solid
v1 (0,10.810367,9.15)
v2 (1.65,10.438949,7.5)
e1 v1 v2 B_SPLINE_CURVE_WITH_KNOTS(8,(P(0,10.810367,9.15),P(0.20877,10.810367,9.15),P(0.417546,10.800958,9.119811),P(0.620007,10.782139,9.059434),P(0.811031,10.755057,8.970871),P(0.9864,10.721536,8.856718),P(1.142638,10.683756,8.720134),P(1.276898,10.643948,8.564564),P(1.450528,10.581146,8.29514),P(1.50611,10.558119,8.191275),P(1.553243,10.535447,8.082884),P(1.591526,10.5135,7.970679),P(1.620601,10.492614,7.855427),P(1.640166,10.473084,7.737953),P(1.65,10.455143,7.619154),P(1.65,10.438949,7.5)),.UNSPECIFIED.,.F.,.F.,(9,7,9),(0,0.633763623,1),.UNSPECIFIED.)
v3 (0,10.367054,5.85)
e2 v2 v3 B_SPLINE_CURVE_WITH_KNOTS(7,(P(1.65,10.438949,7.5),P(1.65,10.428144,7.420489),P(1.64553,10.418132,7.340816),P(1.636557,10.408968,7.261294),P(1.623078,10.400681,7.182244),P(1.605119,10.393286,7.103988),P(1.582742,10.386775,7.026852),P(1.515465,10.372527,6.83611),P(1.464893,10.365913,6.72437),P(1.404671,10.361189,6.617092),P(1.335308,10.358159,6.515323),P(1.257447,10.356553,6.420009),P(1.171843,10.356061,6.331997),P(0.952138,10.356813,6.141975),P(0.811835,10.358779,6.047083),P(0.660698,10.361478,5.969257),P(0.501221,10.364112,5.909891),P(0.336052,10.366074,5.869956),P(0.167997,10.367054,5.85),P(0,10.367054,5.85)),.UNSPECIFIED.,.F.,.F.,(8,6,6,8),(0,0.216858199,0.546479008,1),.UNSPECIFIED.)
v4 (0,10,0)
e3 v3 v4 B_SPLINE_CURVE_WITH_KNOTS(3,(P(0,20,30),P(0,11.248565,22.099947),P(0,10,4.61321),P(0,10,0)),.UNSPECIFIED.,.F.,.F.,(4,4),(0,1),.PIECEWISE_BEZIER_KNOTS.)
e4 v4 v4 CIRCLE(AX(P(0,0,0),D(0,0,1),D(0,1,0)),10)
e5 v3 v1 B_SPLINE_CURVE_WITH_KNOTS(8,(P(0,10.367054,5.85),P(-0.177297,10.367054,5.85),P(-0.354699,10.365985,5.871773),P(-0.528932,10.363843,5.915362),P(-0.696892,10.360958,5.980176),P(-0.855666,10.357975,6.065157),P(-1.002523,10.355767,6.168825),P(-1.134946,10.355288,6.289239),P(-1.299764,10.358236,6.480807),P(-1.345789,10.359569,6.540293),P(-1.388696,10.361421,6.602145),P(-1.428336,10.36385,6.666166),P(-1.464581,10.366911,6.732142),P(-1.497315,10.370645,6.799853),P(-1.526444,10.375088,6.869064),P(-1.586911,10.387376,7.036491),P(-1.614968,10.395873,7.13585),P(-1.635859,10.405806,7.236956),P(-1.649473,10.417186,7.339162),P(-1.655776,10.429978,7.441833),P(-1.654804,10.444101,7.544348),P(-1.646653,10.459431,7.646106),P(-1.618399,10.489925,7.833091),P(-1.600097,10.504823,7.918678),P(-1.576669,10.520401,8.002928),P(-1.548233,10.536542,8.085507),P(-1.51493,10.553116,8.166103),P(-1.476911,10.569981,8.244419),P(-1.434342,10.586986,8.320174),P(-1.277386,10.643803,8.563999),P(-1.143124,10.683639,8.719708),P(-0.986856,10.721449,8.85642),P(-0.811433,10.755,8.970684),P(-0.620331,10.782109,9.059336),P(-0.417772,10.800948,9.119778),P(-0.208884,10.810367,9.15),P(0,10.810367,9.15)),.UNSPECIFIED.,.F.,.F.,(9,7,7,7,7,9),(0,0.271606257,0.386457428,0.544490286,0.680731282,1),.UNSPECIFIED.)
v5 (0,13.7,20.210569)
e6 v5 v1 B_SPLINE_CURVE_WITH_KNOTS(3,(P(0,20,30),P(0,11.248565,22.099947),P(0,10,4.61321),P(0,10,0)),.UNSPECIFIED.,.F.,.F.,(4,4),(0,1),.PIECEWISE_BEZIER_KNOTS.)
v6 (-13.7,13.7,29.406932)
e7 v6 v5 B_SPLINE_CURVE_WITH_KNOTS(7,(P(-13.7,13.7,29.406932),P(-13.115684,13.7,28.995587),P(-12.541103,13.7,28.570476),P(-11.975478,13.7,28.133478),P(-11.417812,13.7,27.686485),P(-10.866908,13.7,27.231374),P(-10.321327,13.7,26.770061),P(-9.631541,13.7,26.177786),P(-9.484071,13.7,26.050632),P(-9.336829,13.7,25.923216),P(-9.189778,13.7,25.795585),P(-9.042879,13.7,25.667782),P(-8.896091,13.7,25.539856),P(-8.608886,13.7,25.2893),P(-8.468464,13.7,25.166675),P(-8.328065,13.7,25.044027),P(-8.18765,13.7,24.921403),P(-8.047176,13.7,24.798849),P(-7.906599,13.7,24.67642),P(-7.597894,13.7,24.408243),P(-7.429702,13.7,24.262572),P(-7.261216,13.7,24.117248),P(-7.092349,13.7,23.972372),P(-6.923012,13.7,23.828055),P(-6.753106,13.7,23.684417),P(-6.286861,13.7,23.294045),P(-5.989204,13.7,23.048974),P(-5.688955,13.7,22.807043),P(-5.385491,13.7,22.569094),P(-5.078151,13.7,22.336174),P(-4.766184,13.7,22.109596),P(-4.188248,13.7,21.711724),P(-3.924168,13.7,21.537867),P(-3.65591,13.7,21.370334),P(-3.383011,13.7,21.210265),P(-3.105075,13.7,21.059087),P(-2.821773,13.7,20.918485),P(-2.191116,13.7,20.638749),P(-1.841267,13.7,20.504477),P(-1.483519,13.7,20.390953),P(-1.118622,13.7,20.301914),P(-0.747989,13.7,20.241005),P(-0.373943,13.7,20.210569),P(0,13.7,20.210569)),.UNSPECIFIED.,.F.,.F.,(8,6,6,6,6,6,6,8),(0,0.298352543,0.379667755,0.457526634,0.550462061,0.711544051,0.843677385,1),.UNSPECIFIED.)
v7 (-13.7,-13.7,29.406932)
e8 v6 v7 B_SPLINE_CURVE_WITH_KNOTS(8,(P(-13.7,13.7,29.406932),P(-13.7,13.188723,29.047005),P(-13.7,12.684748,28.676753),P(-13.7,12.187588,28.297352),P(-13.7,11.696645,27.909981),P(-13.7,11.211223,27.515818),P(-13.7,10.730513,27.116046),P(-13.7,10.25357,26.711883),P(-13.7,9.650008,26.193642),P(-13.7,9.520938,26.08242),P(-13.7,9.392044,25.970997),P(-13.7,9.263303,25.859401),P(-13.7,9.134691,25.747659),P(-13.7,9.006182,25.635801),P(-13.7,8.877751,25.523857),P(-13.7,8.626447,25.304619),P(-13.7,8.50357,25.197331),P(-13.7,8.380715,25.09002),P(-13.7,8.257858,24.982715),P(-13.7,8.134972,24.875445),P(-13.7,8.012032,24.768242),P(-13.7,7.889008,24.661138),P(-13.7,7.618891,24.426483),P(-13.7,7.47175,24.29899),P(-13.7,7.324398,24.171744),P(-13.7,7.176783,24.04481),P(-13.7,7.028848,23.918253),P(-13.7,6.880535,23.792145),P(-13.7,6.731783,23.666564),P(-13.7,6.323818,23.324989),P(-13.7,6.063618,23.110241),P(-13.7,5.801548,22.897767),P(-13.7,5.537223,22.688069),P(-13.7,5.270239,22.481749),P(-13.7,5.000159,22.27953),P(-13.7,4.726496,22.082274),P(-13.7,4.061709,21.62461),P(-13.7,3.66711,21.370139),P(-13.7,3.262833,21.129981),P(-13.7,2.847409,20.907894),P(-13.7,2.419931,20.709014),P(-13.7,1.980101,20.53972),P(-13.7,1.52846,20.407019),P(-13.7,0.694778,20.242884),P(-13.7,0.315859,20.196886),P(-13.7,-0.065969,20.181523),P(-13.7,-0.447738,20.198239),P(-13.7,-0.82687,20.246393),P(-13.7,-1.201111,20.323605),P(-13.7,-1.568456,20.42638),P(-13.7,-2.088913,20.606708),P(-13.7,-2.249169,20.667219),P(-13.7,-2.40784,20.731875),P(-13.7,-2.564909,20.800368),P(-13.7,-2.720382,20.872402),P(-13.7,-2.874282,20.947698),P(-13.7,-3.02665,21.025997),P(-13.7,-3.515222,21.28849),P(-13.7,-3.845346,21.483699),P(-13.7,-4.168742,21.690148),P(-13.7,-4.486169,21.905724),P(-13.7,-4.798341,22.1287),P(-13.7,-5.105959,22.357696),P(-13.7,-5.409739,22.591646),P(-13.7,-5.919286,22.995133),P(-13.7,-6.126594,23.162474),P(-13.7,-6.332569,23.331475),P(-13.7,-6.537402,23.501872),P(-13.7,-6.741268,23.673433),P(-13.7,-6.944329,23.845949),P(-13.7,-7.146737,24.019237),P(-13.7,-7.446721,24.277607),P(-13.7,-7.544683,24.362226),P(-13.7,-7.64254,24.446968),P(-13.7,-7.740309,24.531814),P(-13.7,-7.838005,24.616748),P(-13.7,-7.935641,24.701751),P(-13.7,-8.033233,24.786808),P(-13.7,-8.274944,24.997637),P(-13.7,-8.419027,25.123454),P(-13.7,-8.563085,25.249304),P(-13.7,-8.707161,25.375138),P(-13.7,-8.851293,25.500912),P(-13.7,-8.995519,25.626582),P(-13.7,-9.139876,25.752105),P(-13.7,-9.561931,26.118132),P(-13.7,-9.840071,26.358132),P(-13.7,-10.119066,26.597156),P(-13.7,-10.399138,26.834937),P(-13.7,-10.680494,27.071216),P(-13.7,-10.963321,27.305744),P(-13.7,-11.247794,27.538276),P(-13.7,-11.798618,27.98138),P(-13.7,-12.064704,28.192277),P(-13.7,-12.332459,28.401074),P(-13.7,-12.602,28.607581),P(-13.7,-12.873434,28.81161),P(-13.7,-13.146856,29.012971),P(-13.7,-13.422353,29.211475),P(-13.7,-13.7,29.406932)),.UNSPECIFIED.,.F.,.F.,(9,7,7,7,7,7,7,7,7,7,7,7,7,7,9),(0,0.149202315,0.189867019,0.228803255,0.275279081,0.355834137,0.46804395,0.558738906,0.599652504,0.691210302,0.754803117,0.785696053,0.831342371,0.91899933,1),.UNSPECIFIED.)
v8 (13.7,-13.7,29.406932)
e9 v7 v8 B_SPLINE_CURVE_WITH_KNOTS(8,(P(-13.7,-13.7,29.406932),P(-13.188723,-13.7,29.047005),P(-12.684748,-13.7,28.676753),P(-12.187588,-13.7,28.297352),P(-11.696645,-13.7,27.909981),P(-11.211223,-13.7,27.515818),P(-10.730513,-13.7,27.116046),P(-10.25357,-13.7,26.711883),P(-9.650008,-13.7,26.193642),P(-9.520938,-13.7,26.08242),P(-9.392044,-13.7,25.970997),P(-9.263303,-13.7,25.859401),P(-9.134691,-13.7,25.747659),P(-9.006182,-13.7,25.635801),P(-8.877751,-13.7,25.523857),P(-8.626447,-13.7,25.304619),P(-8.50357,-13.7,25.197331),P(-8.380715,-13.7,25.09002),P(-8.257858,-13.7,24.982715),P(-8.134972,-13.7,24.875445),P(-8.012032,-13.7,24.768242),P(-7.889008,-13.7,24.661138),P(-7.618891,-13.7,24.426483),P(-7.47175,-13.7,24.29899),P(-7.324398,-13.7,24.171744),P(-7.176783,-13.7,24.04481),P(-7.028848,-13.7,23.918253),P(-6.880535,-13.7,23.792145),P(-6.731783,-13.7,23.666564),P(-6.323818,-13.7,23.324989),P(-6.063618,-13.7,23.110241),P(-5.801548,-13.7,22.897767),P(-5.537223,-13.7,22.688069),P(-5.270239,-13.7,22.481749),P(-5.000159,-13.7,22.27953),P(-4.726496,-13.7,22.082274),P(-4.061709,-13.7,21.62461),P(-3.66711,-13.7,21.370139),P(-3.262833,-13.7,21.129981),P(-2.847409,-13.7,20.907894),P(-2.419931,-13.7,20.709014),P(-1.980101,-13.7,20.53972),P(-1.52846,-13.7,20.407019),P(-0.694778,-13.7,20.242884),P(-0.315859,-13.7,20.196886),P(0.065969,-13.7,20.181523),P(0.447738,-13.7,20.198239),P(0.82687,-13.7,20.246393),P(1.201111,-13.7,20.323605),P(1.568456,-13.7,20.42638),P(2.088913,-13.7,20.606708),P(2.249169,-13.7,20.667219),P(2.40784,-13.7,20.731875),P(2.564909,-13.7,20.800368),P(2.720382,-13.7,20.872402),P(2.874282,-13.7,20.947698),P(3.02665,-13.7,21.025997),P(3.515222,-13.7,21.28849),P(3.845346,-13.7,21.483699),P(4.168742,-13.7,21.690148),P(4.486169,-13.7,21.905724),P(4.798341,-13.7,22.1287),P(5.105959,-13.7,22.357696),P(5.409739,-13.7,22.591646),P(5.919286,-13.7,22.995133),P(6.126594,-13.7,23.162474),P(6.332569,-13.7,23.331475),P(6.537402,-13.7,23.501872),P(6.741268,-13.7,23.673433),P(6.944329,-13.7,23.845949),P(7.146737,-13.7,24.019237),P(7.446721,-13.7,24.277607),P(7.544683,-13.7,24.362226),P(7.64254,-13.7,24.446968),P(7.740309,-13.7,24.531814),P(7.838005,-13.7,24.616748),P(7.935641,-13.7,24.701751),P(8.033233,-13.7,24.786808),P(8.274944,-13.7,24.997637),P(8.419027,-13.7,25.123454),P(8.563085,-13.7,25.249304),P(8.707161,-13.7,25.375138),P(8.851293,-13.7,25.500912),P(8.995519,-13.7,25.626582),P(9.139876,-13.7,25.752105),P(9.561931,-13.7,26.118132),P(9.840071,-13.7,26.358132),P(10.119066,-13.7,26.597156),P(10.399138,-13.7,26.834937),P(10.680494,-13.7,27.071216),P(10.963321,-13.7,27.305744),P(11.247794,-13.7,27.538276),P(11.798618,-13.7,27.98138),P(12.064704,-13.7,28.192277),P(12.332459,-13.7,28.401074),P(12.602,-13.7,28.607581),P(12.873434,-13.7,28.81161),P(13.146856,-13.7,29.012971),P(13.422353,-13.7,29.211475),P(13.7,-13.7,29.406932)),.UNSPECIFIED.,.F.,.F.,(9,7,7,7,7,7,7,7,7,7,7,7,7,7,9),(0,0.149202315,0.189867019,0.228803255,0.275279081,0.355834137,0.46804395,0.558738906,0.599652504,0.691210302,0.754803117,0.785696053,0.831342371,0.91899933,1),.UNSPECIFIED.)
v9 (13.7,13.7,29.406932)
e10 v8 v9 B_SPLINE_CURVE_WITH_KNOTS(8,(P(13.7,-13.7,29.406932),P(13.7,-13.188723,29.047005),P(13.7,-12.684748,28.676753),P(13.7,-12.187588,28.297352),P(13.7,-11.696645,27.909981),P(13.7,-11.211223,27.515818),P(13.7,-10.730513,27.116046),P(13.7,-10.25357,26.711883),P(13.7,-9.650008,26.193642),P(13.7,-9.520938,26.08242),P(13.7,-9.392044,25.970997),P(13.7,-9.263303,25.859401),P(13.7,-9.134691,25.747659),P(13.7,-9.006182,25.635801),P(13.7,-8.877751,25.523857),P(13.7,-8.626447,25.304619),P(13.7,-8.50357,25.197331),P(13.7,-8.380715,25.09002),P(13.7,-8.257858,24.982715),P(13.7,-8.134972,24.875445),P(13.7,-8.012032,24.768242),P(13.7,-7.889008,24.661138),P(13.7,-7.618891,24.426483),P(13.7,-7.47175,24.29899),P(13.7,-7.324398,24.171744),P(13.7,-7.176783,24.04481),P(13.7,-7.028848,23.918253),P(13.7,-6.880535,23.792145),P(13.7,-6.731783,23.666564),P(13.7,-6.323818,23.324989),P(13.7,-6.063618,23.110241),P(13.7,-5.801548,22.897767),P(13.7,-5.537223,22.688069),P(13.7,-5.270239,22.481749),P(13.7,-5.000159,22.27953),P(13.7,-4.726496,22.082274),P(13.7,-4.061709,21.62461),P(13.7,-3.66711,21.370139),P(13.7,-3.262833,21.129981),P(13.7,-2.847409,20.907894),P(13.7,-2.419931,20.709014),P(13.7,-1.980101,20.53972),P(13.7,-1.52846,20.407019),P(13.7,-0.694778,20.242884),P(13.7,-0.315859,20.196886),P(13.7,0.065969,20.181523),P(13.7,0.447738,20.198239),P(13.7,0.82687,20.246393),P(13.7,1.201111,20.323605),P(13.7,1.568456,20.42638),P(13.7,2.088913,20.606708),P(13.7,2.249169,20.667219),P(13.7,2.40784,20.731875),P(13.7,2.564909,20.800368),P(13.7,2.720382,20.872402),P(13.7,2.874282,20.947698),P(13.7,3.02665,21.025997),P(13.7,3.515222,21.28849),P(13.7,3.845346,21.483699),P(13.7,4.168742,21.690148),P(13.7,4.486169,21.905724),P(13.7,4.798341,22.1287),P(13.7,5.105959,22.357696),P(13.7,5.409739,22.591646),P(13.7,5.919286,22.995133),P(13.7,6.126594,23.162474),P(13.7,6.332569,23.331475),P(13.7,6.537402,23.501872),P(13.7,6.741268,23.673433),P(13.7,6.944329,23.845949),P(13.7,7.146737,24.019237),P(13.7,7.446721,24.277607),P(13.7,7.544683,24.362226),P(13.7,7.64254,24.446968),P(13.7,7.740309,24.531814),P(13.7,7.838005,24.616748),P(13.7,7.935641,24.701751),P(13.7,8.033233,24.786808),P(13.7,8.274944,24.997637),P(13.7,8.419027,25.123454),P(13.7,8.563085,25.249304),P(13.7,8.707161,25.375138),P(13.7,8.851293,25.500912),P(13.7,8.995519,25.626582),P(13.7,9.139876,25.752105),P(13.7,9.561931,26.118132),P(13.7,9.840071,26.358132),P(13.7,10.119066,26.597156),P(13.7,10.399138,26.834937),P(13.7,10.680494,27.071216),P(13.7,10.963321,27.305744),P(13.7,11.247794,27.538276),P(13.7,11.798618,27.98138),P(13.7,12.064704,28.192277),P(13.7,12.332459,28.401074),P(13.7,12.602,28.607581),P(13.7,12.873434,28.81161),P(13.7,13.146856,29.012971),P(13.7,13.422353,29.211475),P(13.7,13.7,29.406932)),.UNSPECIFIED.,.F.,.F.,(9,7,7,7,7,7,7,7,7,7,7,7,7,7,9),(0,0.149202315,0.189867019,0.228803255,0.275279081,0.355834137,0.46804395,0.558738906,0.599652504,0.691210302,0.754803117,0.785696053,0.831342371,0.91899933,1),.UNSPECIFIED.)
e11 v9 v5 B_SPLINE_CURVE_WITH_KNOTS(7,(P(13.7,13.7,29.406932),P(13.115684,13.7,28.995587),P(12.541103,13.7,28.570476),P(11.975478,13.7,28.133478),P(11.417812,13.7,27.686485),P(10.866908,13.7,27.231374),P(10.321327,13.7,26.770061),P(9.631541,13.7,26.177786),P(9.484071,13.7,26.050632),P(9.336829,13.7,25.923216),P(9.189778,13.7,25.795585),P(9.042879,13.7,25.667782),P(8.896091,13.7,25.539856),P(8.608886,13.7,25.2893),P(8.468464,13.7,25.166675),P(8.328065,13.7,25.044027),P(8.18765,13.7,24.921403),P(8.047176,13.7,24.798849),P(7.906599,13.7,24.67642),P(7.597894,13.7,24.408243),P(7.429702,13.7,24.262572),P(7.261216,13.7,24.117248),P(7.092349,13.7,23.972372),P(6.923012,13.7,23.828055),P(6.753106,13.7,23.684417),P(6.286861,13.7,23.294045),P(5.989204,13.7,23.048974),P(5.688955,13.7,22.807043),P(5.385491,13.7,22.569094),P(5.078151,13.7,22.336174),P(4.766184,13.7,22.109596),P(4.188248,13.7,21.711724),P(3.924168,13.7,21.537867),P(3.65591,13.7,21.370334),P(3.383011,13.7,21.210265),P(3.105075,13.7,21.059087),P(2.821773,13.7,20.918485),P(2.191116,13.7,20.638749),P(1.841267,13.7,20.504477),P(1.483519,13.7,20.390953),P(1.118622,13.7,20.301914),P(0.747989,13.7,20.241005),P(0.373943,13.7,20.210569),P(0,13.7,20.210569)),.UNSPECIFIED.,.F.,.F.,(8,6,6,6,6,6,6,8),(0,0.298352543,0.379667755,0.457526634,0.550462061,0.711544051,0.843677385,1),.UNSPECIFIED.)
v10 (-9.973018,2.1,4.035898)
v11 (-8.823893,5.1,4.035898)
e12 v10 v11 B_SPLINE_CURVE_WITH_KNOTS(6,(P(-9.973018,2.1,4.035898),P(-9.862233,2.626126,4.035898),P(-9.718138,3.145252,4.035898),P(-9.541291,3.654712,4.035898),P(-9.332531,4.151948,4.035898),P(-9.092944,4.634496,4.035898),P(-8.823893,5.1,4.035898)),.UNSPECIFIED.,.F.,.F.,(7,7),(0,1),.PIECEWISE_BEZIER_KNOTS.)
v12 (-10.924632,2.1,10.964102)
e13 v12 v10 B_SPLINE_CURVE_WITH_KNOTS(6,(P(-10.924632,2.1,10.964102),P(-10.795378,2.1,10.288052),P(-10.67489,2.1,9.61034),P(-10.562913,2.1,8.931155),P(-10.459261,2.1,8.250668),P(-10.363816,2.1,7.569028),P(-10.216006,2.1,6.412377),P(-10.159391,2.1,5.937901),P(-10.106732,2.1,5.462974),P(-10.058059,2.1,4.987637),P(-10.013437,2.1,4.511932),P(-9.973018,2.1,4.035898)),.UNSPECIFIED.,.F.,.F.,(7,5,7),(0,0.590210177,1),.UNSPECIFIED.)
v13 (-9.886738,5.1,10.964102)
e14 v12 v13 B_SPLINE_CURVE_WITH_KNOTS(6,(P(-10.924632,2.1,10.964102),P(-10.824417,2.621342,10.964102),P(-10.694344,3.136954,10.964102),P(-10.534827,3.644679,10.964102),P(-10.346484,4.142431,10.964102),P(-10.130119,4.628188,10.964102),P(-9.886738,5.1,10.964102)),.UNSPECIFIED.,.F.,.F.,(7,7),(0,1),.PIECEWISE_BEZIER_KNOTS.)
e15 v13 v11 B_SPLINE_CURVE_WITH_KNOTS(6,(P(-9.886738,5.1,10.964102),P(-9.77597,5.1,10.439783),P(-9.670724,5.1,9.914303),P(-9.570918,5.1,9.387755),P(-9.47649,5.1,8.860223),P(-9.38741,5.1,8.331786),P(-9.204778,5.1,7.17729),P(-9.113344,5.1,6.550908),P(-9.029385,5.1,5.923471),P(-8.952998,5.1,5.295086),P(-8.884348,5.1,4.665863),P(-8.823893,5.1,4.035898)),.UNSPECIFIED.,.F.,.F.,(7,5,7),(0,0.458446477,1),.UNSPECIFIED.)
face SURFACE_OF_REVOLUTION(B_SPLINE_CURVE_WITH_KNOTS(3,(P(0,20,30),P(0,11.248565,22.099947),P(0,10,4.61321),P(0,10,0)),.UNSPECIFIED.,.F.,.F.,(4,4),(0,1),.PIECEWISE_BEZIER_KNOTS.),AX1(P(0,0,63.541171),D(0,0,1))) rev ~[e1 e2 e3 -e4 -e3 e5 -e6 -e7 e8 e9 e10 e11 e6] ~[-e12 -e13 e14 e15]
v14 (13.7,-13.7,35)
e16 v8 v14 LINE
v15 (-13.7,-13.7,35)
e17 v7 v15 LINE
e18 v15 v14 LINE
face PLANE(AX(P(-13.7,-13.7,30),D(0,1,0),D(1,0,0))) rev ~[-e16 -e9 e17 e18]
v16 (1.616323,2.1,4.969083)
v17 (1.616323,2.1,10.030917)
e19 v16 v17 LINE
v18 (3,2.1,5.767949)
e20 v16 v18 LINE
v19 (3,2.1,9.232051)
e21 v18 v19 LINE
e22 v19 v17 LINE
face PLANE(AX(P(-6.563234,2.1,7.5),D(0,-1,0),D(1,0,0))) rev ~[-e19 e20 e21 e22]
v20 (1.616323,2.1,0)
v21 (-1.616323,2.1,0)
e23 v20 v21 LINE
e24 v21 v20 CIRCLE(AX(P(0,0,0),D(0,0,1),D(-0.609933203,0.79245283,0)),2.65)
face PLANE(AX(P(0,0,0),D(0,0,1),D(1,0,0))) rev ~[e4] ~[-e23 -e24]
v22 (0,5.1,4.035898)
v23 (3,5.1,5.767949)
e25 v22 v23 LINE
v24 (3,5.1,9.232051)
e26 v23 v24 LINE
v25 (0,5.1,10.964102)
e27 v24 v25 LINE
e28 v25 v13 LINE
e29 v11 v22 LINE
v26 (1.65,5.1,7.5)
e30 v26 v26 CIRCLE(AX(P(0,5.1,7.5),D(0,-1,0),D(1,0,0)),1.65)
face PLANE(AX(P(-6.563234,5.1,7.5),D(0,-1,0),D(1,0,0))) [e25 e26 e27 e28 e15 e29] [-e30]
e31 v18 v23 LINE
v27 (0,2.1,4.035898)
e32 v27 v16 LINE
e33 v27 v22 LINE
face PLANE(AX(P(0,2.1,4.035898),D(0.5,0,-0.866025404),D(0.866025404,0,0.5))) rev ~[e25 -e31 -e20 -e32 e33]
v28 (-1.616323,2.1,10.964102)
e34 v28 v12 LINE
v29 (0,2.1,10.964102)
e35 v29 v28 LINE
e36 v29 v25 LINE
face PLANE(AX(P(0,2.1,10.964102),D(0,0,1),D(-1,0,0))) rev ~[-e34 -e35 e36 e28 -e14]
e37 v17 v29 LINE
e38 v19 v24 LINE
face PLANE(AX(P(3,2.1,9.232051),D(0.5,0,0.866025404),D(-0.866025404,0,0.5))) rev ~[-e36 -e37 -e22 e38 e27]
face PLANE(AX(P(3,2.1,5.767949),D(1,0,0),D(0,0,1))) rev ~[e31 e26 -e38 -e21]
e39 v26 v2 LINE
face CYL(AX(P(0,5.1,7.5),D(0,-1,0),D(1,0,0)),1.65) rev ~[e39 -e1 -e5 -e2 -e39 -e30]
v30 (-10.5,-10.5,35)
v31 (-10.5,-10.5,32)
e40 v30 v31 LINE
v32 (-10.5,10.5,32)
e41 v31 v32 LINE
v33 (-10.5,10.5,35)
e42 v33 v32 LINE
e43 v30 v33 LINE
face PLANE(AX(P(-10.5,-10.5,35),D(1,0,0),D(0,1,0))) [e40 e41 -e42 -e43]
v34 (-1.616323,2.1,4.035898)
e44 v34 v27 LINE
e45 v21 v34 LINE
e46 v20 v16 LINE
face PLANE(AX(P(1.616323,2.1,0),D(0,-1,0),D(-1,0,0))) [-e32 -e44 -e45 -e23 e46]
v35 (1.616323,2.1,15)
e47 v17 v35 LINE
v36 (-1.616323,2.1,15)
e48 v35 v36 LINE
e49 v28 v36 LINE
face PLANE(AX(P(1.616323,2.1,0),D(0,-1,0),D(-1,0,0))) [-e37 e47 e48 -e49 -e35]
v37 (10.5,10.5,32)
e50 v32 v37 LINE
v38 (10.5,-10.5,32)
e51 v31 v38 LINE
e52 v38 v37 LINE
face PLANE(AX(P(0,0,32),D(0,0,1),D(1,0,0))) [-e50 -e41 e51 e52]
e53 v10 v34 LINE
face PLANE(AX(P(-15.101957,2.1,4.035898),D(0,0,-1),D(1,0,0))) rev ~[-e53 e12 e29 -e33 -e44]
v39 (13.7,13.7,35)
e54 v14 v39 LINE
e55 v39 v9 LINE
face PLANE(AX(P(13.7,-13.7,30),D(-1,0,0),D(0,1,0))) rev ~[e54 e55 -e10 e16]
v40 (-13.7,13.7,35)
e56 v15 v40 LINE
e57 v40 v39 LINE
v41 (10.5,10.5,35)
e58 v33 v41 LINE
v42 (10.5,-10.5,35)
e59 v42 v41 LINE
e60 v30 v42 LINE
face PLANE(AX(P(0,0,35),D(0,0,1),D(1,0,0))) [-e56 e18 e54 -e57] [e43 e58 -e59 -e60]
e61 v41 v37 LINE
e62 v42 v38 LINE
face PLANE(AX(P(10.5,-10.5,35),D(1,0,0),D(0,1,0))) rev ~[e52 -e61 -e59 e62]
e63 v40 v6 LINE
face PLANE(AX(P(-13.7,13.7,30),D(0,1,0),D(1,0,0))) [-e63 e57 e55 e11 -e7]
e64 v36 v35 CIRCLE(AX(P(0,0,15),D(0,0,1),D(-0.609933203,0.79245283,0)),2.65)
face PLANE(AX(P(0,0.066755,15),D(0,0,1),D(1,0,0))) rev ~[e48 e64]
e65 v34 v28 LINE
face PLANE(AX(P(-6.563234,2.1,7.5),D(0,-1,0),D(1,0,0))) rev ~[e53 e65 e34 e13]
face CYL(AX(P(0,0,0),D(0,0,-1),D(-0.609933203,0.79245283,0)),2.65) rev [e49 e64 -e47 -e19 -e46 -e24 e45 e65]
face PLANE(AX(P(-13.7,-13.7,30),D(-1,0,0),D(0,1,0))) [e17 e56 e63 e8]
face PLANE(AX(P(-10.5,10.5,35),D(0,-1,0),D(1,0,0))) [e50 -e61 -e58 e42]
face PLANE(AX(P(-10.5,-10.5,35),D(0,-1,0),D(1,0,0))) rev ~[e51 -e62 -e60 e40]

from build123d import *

# Parameters (mm, degrees)
SKETCH1_R           = 10
BOSS_EXTRUDE1_DEPTH = 30
SKETCH2_W           = 27.4
SKETCH2_H           = 27.4
BOSS_EXTRUDE2_DEPTH = 5
SKETCH3_W           = 21
SKETCH3_H           = 21
CUT_EXTRUDE1_DEPTH  = 3
SKETCH7_W           = 47.139349652
SKETCH7_H           = 47.139349652
SKETCH7_W_2         = 27.4
SKETCH7_H_2         = 27.4
CUT_EXTRUDE2_DEPTH  = 78
CUT_EXTRUDE3_DEPTH  = 15
CUT_EXTRUDE4_DEPTH  = 3
SKETCH11_R          = 1.65
CUT_EXTRUDE5_DEPTH  = 12


with BuildPart() as part:
    # Sketch1 → Boss-Extrude1 (new body)
    with BuildSketch(Plane.XY):
        Circle(SKETCH1_R)
    extrude(amount=BOSS_EXTRUDE1_DEPTH)

    # Sketch2 → Boss-Extrude2 (add)
    with BuildSketch(Plane.XY.offset(30)):
        Rectangle(SKETCH2_W, SKETCH2_H)
    extrude(amount=BOSS_EXTRUDE2_DEPTH)

    # Sketch3 → Cut-Extrude1 (cut)
    with BuildSketch(Plane.XY.offset(35)):
        Rectangle(SKETCH3_W, SKETCH3_H)
    extrude(amount=-CUT_EXTRUDE1_DEPTH, mode=Mode.SUBTRACT)

    # Sketch6 → Revolve1 (revolve)
    with BuildSketch(Plane(origin=(0, 0, 0), x_dir=(0, 0, -1), z_dir=(1, 0, 0))):
        with BuildLine():
            Line((-30, 0), (-30, 20))
            add(Edge.make_bspline(
                [(-30, 20), (-22.099947356, 11.248565128), (-4.613209845, 10), (0, 10)],
                knots=[0, 0, 0, 0, 1, 1, 1, 1], degree=3))
            Line((0, 10), (0, 0))
            Line((0, 0), (-30, 0))
        make_face()
    revolve(axis=Axis((0, 0, 63.541170981), (0, 0, 1)))

    # Sketch7 → Cut-Extrude2 (cut)
    with BuildSketch(Plane.XY.offset(30)):
        Rectangle(SKETCH7_W, SKETCH7_H)
        Rectangle(SKETCH7_W_2, SKETCH7_H_2, mode=Mode.SUBTRACT)
    extrude(amount=-CUT_EXTRUDE2_DEPTH, mode=Mode.SUBTRACT)

    # Sketch8 → Cut-Extrude3 (cut)
    with BuildSketch(Plane(origin=(0, 0, 0), x_dir=(-1, 0, 0), z_dir=(0, 0, -1))):
        with BuildLine():
            Line((-1.616322988, 2.1), (1.616322988, 2.1))
            ThreePointArc((1.616322988, 2.1), (0, -2.65), (-1.616322988, 2.1))
        make_face()
    extrude(amount=-CUT_EXTRUDE3_DEPTH, mode=Mode.SUBTRACT)

    # Sketch10 → Cut-Extrude4 (cut)
    with BuildSketch(Plane.XZ.offset(-2.1)):
        Polygon((0, 4.035898385), (3, 5.767949192), (3, 9.232050808), (0, 10.964101615), (-15.10195651, 10.964101615), (-15.10195651, 4.035898385), align=None)
    extrude(amount=-CUT_EXTRUDE4_DEPTH, mode=Mode.SUBTRACT)

    # Sketch11 → Cut-Extrude5 (cut)
    with BuildSketch(Plane.XZ.offset(-5.1)):
        with Locations((0, 7.5)):
            Circle(SKETCH11_R)
    extrude(amount=-CUT_EXTRUDE5_DEPTH, mode=Mode.SUBTRACT)


solid = part.part
